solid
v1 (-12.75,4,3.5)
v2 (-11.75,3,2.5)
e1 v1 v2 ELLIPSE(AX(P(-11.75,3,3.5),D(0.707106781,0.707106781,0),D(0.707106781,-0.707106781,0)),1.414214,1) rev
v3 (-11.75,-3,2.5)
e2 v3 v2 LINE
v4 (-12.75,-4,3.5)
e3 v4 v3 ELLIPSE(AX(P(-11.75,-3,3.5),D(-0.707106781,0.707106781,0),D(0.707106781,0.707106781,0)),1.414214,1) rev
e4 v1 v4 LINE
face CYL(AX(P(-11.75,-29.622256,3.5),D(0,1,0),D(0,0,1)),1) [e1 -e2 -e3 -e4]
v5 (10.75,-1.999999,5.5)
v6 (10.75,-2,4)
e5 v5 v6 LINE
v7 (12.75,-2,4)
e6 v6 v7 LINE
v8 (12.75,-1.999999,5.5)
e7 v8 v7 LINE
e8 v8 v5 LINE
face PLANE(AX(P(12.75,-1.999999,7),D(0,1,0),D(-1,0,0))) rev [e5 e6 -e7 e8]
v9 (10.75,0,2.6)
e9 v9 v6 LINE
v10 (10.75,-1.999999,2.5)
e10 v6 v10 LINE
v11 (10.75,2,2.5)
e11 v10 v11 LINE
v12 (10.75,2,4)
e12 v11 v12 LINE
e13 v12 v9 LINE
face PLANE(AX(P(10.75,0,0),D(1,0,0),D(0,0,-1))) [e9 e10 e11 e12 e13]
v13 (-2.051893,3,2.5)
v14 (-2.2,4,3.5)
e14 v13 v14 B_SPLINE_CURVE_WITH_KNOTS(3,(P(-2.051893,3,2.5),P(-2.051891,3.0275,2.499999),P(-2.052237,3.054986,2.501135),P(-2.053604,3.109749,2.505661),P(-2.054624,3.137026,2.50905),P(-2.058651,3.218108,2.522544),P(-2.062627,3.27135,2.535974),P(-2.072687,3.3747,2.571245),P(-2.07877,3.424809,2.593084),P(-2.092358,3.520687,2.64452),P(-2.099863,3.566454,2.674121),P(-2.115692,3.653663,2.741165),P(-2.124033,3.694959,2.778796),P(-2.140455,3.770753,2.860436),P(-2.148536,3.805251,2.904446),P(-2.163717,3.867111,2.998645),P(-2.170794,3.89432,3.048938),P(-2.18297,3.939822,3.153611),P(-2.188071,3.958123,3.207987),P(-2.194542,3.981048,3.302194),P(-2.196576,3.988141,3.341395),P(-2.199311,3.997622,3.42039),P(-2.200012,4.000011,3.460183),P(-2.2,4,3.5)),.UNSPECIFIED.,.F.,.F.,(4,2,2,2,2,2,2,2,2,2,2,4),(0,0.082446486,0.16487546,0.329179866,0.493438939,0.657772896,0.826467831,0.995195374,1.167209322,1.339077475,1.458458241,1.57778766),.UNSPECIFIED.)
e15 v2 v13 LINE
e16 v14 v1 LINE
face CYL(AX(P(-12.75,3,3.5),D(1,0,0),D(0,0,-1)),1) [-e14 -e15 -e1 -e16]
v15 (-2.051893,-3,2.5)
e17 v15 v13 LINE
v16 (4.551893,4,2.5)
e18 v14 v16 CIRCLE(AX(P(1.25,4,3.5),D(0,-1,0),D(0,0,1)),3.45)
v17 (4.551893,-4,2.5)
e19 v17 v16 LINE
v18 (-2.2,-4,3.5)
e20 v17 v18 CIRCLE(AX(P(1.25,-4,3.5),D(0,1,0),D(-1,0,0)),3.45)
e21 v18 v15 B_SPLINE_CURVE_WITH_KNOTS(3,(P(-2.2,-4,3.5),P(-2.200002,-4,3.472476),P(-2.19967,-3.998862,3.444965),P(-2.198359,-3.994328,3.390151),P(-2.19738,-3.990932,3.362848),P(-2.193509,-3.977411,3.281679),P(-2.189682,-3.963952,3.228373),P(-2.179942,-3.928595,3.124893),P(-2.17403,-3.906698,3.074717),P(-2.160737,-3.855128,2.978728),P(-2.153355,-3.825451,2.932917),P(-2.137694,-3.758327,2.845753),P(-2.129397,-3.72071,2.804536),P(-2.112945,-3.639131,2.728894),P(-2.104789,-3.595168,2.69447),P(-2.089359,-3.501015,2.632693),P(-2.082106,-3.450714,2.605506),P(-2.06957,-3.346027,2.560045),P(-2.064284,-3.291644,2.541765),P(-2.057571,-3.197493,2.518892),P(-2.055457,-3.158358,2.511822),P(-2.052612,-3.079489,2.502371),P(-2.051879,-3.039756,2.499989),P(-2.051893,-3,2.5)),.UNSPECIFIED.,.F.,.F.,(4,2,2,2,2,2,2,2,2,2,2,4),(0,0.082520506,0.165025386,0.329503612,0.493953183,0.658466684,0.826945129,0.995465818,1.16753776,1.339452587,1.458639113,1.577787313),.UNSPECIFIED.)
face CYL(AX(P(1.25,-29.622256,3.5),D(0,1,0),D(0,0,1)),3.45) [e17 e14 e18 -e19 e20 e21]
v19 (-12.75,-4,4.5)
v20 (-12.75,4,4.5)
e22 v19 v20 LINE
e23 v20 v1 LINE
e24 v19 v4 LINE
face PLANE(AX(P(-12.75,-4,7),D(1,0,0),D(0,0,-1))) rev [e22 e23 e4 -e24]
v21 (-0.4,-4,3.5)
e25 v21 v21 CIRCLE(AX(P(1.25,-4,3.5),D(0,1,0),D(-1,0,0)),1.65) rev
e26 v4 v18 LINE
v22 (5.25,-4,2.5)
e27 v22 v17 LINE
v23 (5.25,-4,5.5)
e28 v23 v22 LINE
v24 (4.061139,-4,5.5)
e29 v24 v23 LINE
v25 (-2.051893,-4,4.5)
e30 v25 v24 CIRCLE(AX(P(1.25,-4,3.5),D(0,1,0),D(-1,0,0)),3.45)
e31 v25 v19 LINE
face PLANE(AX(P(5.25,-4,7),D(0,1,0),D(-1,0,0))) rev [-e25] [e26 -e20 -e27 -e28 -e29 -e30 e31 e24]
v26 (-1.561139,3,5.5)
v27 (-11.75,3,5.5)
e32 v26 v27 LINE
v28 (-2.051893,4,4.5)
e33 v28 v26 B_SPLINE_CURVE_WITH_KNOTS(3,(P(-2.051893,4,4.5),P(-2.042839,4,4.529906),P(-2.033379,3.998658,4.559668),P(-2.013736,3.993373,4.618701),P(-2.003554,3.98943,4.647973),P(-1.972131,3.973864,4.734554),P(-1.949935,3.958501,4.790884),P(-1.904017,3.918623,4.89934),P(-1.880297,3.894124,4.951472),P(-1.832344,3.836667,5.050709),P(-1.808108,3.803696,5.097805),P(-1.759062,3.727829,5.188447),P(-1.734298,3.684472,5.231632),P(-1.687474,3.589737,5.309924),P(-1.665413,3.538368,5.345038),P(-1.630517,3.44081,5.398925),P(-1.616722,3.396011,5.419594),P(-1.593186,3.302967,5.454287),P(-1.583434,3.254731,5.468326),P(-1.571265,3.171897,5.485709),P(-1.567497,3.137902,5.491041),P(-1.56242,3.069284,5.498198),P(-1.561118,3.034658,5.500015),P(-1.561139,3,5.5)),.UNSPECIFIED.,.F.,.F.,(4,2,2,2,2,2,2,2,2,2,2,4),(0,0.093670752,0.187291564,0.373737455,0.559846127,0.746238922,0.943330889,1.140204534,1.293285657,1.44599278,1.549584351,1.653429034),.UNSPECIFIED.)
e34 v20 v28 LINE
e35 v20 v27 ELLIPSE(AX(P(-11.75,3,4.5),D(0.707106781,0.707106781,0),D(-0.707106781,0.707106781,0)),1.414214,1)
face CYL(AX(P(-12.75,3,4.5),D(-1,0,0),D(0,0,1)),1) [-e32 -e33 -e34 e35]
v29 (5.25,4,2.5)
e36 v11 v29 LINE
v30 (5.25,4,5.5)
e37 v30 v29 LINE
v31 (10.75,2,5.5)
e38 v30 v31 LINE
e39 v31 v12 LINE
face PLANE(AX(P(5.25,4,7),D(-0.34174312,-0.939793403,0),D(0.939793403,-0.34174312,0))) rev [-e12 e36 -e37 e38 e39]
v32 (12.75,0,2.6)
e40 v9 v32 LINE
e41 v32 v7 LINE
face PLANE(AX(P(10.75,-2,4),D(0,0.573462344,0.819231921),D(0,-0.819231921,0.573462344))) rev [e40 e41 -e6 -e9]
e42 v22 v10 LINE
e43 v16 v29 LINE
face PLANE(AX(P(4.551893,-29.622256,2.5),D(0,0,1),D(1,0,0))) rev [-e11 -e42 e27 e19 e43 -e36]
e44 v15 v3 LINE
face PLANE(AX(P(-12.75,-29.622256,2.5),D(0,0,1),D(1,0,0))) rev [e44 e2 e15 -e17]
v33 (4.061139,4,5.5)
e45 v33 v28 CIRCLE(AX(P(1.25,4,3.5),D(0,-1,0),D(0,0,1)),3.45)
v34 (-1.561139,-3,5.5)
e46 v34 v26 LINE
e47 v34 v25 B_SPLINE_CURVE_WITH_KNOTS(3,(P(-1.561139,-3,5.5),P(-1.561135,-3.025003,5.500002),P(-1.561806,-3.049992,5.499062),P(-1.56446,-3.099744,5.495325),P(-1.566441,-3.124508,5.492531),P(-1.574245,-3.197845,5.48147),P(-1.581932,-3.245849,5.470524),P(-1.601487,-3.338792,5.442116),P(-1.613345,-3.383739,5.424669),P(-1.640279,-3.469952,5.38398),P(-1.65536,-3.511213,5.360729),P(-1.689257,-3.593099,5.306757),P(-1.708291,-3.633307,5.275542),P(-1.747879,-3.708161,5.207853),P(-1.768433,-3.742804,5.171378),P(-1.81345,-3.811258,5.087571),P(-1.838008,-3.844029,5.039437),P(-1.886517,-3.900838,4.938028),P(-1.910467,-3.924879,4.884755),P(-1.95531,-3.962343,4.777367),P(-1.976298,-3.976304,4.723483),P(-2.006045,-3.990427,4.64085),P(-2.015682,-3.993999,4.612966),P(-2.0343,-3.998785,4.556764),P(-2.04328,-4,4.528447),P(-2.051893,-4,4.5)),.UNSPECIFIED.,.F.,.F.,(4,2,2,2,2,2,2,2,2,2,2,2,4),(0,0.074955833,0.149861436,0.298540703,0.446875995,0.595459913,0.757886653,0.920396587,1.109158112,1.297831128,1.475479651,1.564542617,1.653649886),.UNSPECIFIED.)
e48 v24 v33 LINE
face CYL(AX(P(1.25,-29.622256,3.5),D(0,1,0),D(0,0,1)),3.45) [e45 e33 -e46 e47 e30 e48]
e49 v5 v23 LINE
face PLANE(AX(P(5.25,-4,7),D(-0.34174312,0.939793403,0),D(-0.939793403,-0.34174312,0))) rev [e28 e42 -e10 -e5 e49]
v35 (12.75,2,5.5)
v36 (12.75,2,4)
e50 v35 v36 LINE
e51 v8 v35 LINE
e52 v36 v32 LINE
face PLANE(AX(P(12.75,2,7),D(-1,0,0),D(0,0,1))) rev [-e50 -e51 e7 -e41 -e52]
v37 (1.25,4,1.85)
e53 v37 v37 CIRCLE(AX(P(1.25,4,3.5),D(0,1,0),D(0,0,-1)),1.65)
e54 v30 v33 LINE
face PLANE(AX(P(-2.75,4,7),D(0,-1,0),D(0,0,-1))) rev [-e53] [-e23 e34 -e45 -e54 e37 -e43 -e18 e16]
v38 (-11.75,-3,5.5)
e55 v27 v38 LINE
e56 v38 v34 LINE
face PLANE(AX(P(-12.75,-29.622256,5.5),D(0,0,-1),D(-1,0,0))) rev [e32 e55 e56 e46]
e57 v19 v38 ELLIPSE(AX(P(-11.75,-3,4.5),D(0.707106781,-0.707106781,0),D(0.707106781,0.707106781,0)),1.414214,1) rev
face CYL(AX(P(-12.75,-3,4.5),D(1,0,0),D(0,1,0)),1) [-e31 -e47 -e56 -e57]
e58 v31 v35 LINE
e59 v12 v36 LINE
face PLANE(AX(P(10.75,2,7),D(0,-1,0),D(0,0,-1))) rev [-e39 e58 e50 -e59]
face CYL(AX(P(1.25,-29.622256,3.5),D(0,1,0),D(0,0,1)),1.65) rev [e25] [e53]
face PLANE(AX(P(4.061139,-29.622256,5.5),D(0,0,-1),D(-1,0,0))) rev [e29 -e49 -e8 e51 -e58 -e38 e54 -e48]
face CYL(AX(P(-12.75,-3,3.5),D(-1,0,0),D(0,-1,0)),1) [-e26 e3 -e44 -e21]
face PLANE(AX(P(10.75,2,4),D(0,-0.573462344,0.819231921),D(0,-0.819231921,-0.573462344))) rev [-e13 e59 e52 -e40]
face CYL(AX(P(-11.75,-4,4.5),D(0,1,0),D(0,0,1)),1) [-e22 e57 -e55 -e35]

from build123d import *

# Parameters (mm, degrees)
BOSS_EXTRUDE1_DEPTH = 7
SKETCH2_R           = 1.65
CUT_EXTRUDE1_DEPTH  = 8
CUT_EXTRUDE2_DEPTH  = 2
FILLET1_R           = 1


with BuildPart() as part:
    # Sketch1 → Boss-Extrude1 (new body)
    with BuildSketch(Plane.XY):
        Polygon((-2.750000021, 4.000000393), (5.249999979, 4.000000393), (10.750000021, 2), (12.750000021, 2), (12.750000021, -1.999999214), (10.750000021, -1.999999214), (5.249999979, -3.999999607), (-2.750000021, -3.999999607), (-12.750000021, -3.999999607), (-12.750000021, 4.000000393), align=None)
    extrude(amount=BOSS_EXTRUDE1_DEPTH)

    # Sketch2 → Cut-Extrude1 (cut)
    with BuildSketch(Plane(origin=(0, 4.000000393, 0), x_dir=(1, 0, 0), z_dir=(0, 1, 0))):
        with Locations((1.249999979, -3.5)):
            Circle(SKETCH2_R)
        with BuildLine():
            Line((-12.750000021, -2.5), (-2.051893418, -2.5))
            ThreePointArc((-2.051893418, -2.5), (1.249999979, -0.05), (4.551893375, -2.5))
            Line((4.551893375, -2.5), (12.750000021, -2.5))
            Line((12.750000021, -2.5), (12.750000021, 0))
            Line((12.750000021, 0), (-12.750000021, 0))
            Line((-12.750000021, 0), (-12.750000021, -2.5))
        make_face()
        with BuildLine():
            Line((-12.750000021, -5.5), (-1.561138581, -5.5))
            ThreePointArc((-1.561138581, -5.5), (1.249999979, -6.95), (4.061138538, -5.5))
            Line((4.061138538, -5.5), (12.750000021, -5.5))
            Line((12.750000021, -5.5), (12.750000021, -7))
            Line((12.750000021, -7), (-12.750000021, -7))
            Line((-12.750000021, -7), (-12.750000021, -5.5))
        make_face()
    extrude(amount=-CUT_EXTRUDE1_DEPTH, mode=Mode.SUBTRACT)

    # Sketch3 → Cut-Extrude2 (cut)
    with BuildSketch(Plane(origin=(12.750000021, 0, 0), x_dir=(0, 0, -1), z_dir=(1, 0, 0))):
        Polygon((-4, 2), (-2.6, 0), (-4, -2), (-2.5, -2), (-2.5, 0), (-2.5, 2), align=None)
    extrude(amount=-CUT_EXTRUDE2_DEPTH, mode=Mode.SUBTRACT)

    # Fillet1
    fillet1_edges = [part.edges().sort_by_distance(p)[0] for p in [
        (-7.40094672, 4.000000393, 2.5),
        (-7.40094672, -3.999999607, 2.5),
        (-12.750000021, 3.93e-07, 2.5),
        (-7.155569301, 4.000000393, 5.5),
        (-7.155569301, -3.999999607, 5.5),
        (-12.750000021, 3.93e-07, 5.5),
    ]]
    fillet(fillet1_edges, radius=FILLET1_R)


solid = part.part
